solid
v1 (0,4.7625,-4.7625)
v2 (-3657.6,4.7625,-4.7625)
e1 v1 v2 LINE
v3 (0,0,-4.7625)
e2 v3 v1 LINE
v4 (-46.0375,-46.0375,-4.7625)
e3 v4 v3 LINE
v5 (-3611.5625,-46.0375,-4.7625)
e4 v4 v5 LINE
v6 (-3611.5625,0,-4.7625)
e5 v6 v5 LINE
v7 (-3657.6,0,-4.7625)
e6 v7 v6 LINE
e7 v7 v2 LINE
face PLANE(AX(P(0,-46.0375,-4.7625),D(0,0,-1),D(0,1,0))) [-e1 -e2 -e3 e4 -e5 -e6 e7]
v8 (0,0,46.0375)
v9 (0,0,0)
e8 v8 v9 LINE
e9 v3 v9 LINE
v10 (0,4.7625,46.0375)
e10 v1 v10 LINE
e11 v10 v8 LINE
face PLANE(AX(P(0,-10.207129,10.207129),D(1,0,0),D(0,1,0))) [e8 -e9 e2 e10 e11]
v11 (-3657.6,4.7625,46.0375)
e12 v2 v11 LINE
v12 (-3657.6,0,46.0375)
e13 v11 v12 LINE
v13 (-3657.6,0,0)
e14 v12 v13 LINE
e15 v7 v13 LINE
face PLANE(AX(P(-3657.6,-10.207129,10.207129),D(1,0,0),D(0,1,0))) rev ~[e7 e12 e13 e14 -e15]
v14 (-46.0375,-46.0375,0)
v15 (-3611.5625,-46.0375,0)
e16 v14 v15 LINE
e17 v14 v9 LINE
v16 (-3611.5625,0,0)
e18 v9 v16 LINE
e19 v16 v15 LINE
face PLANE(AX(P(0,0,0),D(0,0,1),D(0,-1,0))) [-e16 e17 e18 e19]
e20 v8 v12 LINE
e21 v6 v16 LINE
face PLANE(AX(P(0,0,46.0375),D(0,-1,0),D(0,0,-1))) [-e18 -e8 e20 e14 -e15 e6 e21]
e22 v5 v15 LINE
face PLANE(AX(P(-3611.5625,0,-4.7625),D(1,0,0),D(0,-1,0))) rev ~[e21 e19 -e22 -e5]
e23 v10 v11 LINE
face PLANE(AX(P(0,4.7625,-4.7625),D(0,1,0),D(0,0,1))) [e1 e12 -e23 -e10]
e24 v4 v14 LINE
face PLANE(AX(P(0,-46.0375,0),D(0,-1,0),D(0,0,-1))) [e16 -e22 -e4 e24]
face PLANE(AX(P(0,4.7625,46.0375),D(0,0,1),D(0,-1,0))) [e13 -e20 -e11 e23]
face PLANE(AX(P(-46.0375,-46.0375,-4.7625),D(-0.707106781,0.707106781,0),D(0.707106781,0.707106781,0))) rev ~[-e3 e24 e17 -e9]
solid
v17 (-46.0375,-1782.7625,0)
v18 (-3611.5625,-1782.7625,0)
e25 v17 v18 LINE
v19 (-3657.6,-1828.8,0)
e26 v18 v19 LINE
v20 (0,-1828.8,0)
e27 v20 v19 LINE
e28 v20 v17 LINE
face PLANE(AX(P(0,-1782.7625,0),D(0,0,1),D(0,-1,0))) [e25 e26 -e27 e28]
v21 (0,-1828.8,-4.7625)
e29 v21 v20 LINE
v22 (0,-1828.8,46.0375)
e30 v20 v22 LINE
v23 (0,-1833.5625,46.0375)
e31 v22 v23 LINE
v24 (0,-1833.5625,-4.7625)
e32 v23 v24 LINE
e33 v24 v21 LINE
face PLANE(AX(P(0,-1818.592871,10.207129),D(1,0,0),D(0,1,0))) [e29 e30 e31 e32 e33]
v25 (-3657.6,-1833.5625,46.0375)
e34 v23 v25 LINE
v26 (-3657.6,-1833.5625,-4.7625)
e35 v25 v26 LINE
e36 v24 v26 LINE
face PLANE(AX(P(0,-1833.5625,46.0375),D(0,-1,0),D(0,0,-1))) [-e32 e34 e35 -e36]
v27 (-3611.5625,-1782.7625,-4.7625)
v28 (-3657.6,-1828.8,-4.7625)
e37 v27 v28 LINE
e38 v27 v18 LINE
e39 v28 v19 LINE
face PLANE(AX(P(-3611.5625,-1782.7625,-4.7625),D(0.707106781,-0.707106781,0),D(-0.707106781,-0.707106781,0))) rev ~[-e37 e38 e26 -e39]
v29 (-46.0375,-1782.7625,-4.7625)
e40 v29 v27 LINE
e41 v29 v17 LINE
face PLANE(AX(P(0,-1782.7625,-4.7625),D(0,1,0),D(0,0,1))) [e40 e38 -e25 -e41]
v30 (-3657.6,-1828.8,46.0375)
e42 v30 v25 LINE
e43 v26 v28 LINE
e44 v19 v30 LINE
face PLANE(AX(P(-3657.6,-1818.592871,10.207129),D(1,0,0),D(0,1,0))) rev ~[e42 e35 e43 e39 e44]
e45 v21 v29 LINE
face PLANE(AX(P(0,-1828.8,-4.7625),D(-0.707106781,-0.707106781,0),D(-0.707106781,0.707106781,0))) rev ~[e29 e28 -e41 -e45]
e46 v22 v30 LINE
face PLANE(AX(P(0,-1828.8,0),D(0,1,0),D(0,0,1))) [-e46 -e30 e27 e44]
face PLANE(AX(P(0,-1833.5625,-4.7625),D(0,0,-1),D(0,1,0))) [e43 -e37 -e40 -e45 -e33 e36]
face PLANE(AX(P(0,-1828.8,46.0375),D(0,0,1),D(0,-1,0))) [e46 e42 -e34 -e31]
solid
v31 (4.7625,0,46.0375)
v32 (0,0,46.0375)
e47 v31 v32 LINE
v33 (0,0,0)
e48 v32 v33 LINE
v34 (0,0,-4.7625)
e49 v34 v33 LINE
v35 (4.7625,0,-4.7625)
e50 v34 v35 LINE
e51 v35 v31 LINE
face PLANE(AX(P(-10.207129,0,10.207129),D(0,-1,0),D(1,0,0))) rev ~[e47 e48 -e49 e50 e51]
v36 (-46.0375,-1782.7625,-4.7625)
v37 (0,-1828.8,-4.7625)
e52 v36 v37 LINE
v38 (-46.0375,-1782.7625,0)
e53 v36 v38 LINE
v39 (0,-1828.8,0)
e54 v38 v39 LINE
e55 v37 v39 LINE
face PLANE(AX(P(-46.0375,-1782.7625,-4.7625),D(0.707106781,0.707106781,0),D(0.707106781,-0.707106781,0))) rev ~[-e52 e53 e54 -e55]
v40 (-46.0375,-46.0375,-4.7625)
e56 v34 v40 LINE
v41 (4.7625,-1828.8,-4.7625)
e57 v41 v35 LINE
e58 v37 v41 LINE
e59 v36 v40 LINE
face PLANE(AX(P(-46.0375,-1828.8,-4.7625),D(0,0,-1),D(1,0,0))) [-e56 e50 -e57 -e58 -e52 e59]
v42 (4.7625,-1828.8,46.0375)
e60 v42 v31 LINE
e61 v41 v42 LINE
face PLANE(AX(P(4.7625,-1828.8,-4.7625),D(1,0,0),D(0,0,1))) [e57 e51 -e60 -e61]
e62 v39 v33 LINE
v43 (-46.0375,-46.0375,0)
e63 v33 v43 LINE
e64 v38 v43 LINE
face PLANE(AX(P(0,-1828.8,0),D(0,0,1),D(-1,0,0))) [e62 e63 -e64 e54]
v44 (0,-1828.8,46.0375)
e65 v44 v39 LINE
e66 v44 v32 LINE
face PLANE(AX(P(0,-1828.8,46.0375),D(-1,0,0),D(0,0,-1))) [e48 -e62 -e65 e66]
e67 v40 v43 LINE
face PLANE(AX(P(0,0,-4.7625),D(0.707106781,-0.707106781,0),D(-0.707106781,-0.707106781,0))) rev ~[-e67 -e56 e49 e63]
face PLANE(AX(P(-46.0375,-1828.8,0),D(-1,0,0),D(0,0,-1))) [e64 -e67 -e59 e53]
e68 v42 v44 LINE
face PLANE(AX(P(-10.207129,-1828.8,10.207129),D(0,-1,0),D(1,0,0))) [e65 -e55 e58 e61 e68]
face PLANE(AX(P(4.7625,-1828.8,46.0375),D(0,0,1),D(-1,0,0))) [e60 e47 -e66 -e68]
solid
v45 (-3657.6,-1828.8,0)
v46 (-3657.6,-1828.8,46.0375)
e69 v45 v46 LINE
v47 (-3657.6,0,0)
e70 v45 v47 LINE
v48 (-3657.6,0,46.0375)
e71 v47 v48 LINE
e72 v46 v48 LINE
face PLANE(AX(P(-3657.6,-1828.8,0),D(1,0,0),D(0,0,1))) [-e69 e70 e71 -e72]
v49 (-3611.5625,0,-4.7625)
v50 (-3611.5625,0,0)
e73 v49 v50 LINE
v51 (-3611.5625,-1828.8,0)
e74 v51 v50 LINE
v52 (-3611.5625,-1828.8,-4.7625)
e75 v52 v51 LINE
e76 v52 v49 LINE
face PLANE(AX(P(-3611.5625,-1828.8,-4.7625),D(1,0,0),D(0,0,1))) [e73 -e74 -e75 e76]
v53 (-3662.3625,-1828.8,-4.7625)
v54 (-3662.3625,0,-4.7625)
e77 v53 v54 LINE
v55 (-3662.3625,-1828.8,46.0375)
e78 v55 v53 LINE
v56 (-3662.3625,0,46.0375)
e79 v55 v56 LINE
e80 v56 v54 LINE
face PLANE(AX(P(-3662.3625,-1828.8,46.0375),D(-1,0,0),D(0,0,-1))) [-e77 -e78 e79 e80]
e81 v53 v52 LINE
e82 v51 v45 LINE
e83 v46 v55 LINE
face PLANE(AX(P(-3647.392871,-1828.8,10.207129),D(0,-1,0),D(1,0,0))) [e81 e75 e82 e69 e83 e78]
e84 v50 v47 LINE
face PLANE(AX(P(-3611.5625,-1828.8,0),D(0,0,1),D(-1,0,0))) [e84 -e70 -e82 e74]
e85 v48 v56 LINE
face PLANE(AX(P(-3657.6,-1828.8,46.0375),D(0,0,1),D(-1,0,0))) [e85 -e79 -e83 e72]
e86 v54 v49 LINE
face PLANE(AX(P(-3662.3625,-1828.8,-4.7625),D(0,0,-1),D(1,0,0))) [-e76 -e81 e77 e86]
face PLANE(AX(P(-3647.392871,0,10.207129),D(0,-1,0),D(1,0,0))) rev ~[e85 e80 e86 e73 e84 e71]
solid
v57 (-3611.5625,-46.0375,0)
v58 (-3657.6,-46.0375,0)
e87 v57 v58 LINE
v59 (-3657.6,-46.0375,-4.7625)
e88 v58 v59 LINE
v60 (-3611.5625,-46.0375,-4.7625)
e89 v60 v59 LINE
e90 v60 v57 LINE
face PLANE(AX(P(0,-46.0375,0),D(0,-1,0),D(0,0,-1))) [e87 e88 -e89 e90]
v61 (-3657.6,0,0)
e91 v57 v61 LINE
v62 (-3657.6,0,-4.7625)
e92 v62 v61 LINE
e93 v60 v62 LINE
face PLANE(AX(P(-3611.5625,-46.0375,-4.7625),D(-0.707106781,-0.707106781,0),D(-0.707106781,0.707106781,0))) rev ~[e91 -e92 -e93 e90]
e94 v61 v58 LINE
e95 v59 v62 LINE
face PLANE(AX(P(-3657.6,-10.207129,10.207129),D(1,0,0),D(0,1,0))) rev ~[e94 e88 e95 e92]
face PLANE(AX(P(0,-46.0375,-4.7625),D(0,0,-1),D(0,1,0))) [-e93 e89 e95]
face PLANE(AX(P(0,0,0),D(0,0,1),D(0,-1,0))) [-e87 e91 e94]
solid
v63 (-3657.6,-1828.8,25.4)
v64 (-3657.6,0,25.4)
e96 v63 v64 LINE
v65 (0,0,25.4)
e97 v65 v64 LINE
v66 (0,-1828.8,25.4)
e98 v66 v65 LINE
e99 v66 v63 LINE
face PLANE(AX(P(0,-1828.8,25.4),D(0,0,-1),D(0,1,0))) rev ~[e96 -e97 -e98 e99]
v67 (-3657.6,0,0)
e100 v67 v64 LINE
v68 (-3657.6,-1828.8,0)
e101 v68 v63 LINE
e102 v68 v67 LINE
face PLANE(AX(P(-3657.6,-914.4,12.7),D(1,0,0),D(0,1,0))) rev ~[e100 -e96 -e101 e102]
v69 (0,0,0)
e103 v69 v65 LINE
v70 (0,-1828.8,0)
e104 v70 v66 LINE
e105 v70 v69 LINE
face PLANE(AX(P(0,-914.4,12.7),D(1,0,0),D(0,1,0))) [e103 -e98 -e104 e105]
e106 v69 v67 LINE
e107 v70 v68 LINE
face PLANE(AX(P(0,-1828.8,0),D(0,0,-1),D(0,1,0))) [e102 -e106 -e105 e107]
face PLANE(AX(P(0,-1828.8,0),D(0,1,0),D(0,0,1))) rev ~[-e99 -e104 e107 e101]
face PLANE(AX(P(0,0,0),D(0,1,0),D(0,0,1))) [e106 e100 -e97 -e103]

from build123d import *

# Parameters (mm, degrees)
F0_W      = 1828.8
F0_H      = 25.4
F1_DEPTH  = 3657.6
F3_DEPTH  = 3657.6
F5_DEPTH  = 3657.6
F7_DEPTH  = 4.7625
F9_DEPTH  = 1828.8
F11_DEPTH = 4.7625
F12_DEPTH = 1828.8
F14_DEPTH = 4.7625


with BuildPart() as f1:
    # F0 (on Right) → F1 (new body)
    with BuildSketch(Plane.YZ):
        with Locations((-914.4, 12.7)):
            Rectangle(F0_W, F0_H)
    extrude(amount=-F1_DEPTH)


with BuildPart() as f3:
    # F2 (on face) → F3 (new body, through all)
    with BuildSketch(Plane.YZ):
        Polygon((-1782.7625, 0), (-1828.8, 0), (-1828.8, 46.0375), (-1833.5625, 46.0375), (-1833.5625, -4.7625), (-1782.7625, -4.7625), align=None)
    extrude(amount=-F3_DEPTH)

    # F6 (on face) → F7 (cut, through all)
    with BuildSketch(Plane(origin=(0, 0, -4.7625), x_dir=(1, 0, 0), z_dir=(0, 0, -1))):
        Polygon((0, 1828.8), (-46.0375, 1782.7625), (0, 1782.7625), align=None)
        Polygon((-3657.6, 1828.8), (-3657.6, 1782.7625), (-3611.5625, 1782.7625), align=None)
    extrude(amount=-F7_DEPTH, mode=Mode.SUBTRACT)


with BuildPart() as f5:
    # F4 (on face) → F5 (new body, through all)
    with BuildSketch(Plane.YZ):
        Polygon((0, 46.0375), (0, 0), (-46.0375, 0), (-46.0375, -4.7625), (4.7625, -4.7625), (4.7625, 46.0375), align=None)
    extrude(amount=-F5_DEPTH)

    # F10 (on face) → F11 (cut, through all)
    with BuildSketch(Plane(origin=(0, 0, -4.7625), x_dir=(1, 0, 0), z_dir=(0, 0, -1))):
        Polygon((-3611.5625, 0), (-3611.5625, 46.0375), (-3657.6, 0), align=None)
        Polygon((-46.0375, 46.0375), (0, 0), (0, 46.0375), align=None)
    extrude(amount=-F11_DEPTH, mode=Mode.SUBTRACT)


with BuildPart() as f9:
    # F8 (on face) → F9 (new body, through all)
    with BuildSketch(Plane.XZ.offset(1828.8)):
        Polygon((-3611.5625, 0), (-3657.6, 0), (-3657.6, 25.4), (-3657.6, 46.0375), (-3662.3625, 46.0375), (-3662.3625, -4.7625), (-3611.5625, -4.7625), align=None)
    extrude(amount=-F9_DEPTH)


with BuildPart() as f12:
    # F8 (on face) → F12 (new body, through all)
    with BuildSketch(Plane.XZ.offset(1828.8)):
        Polygon((0, 0), (-46.0375, 0), (-46.0375, -4.7625), (4.7625, -4.7625), (4.7625, 46.0375), (0, 46.0375), (0, 25.4), align=None)
    extrude(amount=-F12_DEPTH)

    # F13 (on face) → F14 (cut, through all)
    with BuildSketch(Plane(origin=(0, 0, -4.7625), x_dir=(1, 0, 0), z_dir=(0, 0, -1))):
        Polygon((-46.0375, 1828.8), (-46.0375, 1782.7625), (0, 1828.8), align=None)
        Polygon((-46.0375, 0), (0, 0), (-46.0375, 46.0375), align=None)
    extrude(amount=-F14_DEPTH, mode=Mode.SUBTRACT)


solid = Compound([f1.part, f3.part, f5.part, f9.part, f12.part])
